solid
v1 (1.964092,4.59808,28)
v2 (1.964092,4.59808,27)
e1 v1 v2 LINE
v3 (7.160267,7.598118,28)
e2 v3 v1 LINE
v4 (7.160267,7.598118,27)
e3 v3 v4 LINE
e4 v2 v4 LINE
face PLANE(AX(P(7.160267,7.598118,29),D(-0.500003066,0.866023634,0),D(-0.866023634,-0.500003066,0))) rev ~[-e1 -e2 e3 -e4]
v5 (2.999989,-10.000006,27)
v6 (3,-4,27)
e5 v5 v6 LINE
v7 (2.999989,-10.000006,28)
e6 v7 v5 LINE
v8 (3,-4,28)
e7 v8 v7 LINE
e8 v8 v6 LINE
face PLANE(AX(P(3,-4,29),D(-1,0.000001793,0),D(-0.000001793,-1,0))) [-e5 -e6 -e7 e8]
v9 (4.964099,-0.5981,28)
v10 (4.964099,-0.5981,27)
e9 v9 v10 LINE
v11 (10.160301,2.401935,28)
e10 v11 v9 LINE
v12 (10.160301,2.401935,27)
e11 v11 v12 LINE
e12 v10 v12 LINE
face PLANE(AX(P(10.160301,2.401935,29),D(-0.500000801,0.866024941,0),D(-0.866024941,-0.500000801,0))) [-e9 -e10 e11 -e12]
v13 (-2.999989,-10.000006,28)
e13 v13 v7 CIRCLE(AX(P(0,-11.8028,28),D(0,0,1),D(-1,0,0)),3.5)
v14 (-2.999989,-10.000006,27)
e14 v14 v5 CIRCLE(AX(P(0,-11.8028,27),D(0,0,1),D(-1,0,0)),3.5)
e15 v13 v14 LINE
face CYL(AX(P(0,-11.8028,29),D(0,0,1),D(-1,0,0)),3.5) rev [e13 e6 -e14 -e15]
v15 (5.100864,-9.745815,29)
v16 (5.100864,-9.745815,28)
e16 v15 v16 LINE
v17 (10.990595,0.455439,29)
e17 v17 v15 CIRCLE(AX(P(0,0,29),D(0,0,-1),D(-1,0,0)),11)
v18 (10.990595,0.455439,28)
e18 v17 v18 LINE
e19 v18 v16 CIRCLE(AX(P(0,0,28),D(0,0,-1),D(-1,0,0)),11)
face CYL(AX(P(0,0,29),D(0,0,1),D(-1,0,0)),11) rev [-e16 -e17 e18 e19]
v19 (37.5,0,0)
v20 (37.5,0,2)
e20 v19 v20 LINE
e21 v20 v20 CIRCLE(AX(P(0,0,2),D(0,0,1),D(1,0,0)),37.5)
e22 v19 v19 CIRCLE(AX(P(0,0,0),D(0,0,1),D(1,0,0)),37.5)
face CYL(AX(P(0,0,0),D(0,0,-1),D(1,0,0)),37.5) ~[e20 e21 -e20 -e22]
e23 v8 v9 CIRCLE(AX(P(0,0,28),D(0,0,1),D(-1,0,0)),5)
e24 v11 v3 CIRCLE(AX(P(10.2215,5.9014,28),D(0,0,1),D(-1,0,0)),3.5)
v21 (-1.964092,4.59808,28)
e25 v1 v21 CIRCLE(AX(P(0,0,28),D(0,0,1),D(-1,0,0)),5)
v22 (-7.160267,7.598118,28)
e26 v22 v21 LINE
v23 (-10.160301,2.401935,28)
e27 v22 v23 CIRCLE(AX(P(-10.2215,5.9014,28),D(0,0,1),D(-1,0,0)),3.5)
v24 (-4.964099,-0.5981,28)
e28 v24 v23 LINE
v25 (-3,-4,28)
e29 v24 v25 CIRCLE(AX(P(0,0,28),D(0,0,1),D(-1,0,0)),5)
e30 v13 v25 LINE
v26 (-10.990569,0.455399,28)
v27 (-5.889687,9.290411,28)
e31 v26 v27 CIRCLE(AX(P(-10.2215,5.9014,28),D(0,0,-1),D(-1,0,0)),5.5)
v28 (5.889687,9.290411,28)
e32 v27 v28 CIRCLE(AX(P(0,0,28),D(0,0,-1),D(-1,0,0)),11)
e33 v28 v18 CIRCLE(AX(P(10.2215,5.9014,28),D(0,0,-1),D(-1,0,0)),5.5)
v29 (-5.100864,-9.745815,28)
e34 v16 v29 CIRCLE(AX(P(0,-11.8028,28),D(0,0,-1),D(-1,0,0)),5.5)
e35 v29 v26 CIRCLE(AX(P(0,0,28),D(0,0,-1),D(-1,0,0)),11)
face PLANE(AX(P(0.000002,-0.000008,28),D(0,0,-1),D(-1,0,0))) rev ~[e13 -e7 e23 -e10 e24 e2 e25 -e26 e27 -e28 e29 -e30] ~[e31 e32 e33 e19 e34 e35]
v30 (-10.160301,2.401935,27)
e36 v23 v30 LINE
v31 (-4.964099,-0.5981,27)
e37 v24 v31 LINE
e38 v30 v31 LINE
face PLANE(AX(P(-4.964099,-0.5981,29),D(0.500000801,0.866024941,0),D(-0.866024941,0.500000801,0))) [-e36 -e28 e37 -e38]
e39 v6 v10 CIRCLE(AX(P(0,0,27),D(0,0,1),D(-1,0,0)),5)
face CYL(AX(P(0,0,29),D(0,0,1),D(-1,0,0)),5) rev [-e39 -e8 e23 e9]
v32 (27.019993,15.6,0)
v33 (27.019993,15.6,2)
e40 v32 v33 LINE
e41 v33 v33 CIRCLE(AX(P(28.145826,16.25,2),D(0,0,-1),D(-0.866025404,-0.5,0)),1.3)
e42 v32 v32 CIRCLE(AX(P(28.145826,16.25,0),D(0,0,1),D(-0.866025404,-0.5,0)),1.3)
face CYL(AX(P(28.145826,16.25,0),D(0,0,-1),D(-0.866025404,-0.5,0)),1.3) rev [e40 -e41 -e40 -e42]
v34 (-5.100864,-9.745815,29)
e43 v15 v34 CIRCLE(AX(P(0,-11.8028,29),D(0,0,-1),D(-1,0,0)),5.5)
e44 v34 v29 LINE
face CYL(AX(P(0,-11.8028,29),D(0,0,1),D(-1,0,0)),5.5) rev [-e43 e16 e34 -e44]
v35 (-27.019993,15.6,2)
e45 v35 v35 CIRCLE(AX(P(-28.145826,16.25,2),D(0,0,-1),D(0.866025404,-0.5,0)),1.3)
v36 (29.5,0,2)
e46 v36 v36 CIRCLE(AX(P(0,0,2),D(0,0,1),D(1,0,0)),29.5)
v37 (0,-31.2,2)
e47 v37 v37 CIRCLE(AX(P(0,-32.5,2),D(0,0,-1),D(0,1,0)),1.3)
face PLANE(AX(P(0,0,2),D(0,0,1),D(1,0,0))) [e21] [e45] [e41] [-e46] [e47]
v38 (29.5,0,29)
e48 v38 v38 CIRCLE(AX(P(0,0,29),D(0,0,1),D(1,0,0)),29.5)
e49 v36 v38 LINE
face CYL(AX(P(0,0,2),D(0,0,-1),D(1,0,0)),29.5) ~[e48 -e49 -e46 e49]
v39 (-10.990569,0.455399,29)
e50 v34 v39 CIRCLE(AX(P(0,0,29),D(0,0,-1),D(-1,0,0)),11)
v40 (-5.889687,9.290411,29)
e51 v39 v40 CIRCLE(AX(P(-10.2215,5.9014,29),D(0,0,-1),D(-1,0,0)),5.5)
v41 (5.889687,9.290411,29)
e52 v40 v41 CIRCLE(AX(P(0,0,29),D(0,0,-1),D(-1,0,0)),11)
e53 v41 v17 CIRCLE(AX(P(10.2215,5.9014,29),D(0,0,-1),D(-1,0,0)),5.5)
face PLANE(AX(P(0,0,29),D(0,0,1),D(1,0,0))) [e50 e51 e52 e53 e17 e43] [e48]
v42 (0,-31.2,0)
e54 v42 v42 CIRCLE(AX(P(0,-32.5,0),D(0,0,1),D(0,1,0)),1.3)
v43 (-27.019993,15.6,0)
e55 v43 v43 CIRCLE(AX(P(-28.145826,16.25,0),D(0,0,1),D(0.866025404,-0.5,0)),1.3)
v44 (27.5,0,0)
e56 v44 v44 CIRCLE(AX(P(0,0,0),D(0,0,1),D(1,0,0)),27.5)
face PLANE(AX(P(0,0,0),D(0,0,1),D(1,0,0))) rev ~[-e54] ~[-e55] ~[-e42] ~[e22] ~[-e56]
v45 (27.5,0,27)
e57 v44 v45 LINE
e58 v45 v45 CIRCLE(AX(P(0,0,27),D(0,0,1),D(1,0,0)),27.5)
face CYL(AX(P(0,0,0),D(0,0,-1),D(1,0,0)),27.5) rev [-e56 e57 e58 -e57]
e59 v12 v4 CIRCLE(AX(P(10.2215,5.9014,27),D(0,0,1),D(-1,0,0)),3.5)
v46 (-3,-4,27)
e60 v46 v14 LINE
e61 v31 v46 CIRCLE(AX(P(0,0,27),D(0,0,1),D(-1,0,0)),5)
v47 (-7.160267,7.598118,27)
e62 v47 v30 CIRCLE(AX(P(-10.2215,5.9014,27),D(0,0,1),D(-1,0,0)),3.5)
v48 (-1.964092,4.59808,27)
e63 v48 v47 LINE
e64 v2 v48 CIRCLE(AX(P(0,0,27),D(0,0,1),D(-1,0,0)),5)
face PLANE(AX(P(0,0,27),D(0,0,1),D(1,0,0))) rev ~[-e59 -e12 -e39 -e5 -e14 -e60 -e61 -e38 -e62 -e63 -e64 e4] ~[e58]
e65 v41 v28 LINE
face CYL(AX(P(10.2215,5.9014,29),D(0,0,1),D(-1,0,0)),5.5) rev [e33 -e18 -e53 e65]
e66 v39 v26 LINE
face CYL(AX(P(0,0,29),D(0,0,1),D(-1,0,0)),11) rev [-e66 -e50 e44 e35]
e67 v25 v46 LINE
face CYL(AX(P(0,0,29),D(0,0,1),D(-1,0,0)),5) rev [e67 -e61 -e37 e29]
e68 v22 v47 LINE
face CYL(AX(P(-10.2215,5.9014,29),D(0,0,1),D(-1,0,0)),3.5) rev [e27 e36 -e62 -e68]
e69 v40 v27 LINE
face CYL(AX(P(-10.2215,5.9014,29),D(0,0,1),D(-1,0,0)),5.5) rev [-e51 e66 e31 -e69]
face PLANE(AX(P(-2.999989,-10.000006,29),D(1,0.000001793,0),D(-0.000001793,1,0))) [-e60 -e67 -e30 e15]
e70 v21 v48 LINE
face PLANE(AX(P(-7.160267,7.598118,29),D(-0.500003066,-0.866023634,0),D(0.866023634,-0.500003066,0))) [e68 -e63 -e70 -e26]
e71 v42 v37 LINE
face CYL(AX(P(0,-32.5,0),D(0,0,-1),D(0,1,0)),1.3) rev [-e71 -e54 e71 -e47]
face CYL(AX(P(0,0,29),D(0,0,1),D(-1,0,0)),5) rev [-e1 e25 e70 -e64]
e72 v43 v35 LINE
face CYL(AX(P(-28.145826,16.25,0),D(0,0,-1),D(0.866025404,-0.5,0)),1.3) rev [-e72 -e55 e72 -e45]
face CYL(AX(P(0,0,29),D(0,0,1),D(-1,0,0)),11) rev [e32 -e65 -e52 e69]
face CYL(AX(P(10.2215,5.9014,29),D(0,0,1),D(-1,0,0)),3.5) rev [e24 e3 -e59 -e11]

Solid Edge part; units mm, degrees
sketch "Sketch1" plane through (0, 0, 0) normal (0, 0, 1) x (1, 0, 0)
  circle A0 centre (0, 0) radius 37.5
  circle A1 centre (0, 0) radius 27.5
extrude "Protrusion1" add sketch "Sketch1" along normal blind 2
sketch "Sketch2" plane through (0, 0, 2) normal (0, 0, 1) x (1, 0, 0)
  circle A0 centre (0, 0) radius 27.5
  circle A1 centre (0, 0) radius 29.5
extrude "Cup" add sketch "Sketch2" along normal blind 27
sketch "Sketch3" plane through (0, 0, 29) normal (0, 0, 1) x (1, 0, 0)
  circle A0 centre (0, 0) radius 27.5
extrude "End" add sketch "Sketch3" against normal blind 2
hole "Attachment___Edge" at (0, -32.5, 0) direction (0, 0, 1) diameter 2.6 end up to next
pattern_circular "Pattern1" count 3 over 360 about axis through (0, 0, 0) along (0, 0, 1) of "Attachment___Edge"
sketch "Sketch4" plane through (0, 0, 29) normal (0, 0, 1) x (-1, 0, 0)
  line L0 (-10.1603, -2.4019) -> (-4.9641, 0.5981)
  line L1 (-3, 4) -> (-3, 10)
  line L2 (3, 10) -> (3, 4)
  arc A0 (3, 4) -> (4.9641, 0.5981) centre (0, 0) cw
  line L3 (4.9641, 0.5981) -> (10.1603, -2.4019)
  line L4 (7.1603, -7.5981) -> (1.9641, -4.5981)
  arc A1 (1.9641, -4.5981) -> (-1.9641, -4.5981) centre (0, 0) cw
  line L5 (-7.1603, -7.5981) -> (-1.9641, -4.5981)
  arc A2 (10.1603, -2.4019) -> (7.1603, -7.5981) centre (10.2215, -5.9014) cw
  arc A3 (-3, 10) -> (3, 10) centre (0, 11.8028) cw
  arc A4 (-4.9641, 0.5981) -> (-3, 4) centre (0, 0) cw
  arc A5 (-7.1603, -7.5981) -> (-10.1603, -2.4019) centre (-10.2215, -5.9014) cw
  dimension "D1" = 7
  dimension "D2" = 7
  dimension "D3" = 10
  dimension "D4" = 7
  dimension "D5" = 6
  dimension "D6" = 6
  dimension "D7" = 6
  dimension "D8" = 6
  dimension "D9" = 11.8028
extrude "Cutout1" cut sketch "Sketch4" against normal up to next
sketch "Sketch5" plane through (0, 0, 29) normal (0, 0, 1) x (-1, 0, 0)
  arc A0 (-5.1009, 9.7458) -> (5.1009, 9.7458) centre (0, 11.8028) cw
  arc A1 (5.1009, 9.7458) -> (10.9906, -0.4554) centre (0, 0) cw
  arc A2 (10.9906, -0.4554) -> (5.8897, -9.2904) centre (10.2215, -5.9014) cw
  arc A3 (-5.8897, -9.2904) -> (-10.9906, -0.4554) centre (-10.2215, -5.9014) cw
  arc A4 (-10.9906, -0.4554) -> (-5.1009, 9.7458) centre (0, 0) cw
  arc A5 (5.8897, -9.2904) -> (-5.8897, -9.2904) centre (0, 0) cw
extrude "Cutout_distance___End" cut sketch "Sketch5" against normal blind 1
properties material "ABS Plastic, medium impact"
